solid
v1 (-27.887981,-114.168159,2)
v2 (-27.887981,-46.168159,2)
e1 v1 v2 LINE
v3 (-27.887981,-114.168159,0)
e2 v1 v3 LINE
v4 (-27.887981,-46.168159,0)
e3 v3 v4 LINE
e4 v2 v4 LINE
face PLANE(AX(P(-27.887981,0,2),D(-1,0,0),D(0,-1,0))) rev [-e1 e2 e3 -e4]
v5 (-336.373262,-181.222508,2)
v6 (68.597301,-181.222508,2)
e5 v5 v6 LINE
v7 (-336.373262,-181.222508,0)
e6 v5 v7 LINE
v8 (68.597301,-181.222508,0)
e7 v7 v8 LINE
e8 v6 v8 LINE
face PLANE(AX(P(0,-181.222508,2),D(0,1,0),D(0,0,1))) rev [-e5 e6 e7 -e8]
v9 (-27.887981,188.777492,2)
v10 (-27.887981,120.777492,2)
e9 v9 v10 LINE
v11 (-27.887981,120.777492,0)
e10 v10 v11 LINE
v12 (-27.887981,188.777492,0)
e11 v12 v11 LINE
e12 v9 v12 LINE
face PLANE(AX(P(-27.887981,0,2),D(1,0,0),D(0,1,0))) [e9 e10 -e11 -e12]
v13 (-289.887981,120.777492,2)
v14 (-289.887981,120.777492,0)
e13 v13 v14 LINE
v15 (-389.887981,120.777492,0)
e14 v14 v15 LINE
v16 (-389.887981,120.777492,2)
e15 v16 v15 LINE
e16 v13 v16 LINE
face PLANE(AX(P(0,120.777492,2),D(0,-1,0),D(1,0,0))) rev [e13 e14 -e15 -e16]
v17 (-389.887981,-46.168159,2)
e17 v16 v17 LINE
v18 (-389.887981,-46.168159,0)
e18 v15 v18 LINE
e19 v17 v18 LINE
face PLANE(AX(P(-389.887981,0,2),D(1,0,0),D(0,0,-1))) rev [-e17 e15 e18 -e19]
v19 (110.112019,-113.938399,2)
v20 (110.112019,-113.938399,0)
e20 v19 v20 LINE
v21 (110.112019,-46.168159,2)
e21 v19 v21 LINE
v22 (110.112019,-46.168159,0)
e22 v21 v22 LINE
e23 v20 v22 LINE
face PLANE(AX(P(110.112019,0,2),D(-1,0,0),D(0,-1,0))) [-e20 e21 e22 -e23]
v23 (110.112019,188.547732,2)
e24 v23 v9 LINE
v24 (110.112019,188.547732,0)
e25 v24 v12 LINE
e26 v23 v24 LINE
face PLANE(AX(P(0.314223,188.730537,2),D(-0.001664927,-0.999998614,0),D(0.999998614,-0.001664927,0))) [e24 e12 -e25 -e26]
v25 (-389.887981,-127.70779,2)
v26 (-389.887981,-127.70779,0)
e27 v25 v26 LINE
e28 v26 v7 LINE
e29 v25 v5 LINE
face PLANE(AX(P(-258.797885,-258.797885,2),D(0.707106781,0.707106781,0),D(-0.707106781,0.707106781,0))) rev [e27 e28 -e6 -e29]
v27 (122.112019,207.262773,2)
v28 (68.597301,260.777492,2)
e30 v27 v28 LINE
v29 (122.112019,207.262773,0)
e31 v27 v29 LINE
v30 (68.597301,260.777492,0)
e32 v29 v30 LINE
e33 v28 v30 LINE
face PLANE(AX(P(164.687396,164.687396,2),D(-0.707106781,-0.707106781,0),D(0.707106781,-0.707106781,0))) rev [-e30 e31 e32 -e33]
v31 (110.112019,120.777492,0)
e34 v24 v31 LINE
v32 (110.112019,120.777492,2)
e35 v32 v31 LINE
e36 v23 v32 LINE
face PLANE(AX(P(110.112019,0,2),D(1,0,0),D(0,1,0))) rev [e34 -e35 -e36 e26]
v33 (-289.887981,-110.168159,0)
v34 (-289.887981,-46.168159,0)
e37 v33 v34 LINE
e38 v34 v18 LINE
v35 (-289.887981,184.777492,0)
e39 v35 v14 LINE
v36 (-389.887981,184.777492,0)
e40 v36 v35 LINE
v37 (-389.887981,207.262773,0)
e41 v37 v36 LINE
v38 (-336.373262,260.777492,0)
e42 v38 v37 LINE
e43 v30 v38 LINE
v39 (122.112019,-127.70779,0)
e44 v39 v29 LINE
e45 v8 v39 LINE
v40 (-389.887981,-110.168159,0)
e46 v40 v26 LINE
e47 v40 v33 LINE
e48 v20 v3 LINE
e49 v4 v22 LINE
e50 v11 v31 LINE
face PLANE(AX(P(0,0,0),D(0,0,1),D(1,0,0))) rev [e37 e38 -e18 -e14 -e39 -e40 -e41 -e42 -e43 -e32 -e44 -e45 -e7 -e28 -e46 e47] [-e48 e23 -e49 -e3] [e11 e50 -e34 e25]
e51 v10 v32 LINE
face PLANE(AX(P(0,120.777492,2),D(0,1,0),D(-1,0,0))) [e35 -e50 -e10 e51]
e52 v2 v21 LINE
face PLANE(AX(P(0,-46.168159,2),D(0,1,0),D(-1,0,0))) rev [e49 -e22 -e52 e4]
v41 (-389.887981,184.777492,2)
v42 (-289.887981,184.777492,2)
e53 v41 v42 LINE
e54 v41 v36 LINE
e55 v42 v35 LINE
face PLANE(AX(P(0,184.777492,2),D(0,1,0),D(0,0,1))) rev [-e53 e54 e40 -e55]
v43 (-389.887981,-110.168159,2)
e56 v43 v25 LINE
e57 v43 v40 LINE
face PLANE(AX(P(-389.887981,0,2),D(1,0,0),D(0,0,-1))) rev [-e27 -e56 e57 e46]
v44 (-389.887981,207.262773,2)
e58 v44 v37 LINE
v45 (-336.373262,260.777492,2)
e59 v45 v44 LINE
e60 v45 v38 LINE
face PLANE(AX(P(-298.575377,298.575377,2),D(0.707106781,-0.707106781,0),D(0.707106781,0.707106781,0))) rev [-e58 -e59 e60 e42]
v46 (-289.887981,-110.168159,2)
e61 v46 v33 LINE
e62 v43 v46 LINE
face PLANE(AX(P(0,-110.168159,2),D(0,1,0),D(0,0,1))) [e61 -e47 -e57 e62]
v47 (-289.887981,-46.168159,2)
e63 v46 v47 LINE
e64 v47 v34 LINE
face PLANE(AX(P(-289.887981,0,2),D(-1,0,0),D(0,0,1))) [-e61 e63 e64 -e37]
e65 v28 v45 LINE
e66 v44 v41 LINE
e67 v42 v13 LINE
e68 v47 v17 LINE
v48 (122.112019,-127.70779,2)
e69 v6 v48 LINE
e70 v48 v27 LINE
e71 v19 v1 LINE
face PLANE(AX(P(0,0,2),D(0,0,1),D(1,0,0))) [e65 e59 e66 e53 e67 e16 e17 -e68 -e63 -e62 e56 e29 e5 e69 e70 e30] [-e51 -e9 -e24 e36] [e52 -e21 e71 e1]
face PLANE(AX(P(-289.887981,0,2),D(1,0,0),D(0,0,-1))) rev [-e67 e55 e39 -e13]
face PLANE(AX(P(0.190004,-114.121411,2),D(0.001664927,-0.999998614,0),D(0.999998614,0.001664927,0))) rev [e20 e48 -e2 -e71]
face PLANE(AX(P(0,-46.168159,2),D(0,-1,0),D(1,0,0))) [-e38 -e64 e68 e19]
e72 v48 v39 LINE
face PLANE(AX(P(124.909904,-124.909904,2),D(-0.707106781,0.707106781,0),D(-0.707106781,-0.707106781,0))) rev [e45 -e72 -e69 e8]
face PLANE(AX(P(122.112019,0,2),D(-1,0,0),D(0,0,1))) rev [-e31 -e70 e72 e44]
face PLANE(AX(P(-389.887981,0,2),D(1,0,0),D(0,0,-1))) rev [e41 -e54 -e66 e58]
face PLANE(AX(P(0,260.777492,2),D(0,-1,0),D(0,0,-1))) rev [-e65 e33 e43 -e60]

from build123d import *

# Parameters (mm, degrees)
BOSS_EXTRU_1_DEPTH = 2


with BuildPart() as part:
    # Esquisse2 → Boss.-Extru.1 (new body)
    with BuildSketch(Plane.XY):
        Polygon((68.597300567, 260.777491871), (-336.373262181, 260.777491871), (-389.887980807, 207.262773245), (-389.887980807, 184.777491871), (-289.887980807, 184.777491871), (-289.887980807, 120.777491871), (-389.887980807, 120.777491871), (-389.887980807, -46.168159055), (-289.887980807, -46.168159055), (-289.887980807, -110.168159055), (-389.887980807, -110.168159055), (-389.887980807, -127.707789503), (-336.373262181, -181.222508129), (68.597300567, -181.222508129), (122.112019193, -127.707789503), (122.112019193, -46.168159055), (122.112019193, 120.777491871), (122.112019193, 207.262773245), align=None)
        Polygon((110.112019193, 120.777491871), (-27.887980807, 120.777491871), (-27.887980807, 188.777491871), (110.112019193, 188.547731592), align=None, mode=Mode.SUBTRACT)
        Polygon((-27.887980807, -114.168159055), (-27.887980807, -46.168159055), (110.112019193, -46.168159055), (110.112019193, -113.938398776), align=None, mode=Mode.SUBTRACT)
    extrude(amount=BOSS_EXTRU_1_DEPTH)


solid = part.part
